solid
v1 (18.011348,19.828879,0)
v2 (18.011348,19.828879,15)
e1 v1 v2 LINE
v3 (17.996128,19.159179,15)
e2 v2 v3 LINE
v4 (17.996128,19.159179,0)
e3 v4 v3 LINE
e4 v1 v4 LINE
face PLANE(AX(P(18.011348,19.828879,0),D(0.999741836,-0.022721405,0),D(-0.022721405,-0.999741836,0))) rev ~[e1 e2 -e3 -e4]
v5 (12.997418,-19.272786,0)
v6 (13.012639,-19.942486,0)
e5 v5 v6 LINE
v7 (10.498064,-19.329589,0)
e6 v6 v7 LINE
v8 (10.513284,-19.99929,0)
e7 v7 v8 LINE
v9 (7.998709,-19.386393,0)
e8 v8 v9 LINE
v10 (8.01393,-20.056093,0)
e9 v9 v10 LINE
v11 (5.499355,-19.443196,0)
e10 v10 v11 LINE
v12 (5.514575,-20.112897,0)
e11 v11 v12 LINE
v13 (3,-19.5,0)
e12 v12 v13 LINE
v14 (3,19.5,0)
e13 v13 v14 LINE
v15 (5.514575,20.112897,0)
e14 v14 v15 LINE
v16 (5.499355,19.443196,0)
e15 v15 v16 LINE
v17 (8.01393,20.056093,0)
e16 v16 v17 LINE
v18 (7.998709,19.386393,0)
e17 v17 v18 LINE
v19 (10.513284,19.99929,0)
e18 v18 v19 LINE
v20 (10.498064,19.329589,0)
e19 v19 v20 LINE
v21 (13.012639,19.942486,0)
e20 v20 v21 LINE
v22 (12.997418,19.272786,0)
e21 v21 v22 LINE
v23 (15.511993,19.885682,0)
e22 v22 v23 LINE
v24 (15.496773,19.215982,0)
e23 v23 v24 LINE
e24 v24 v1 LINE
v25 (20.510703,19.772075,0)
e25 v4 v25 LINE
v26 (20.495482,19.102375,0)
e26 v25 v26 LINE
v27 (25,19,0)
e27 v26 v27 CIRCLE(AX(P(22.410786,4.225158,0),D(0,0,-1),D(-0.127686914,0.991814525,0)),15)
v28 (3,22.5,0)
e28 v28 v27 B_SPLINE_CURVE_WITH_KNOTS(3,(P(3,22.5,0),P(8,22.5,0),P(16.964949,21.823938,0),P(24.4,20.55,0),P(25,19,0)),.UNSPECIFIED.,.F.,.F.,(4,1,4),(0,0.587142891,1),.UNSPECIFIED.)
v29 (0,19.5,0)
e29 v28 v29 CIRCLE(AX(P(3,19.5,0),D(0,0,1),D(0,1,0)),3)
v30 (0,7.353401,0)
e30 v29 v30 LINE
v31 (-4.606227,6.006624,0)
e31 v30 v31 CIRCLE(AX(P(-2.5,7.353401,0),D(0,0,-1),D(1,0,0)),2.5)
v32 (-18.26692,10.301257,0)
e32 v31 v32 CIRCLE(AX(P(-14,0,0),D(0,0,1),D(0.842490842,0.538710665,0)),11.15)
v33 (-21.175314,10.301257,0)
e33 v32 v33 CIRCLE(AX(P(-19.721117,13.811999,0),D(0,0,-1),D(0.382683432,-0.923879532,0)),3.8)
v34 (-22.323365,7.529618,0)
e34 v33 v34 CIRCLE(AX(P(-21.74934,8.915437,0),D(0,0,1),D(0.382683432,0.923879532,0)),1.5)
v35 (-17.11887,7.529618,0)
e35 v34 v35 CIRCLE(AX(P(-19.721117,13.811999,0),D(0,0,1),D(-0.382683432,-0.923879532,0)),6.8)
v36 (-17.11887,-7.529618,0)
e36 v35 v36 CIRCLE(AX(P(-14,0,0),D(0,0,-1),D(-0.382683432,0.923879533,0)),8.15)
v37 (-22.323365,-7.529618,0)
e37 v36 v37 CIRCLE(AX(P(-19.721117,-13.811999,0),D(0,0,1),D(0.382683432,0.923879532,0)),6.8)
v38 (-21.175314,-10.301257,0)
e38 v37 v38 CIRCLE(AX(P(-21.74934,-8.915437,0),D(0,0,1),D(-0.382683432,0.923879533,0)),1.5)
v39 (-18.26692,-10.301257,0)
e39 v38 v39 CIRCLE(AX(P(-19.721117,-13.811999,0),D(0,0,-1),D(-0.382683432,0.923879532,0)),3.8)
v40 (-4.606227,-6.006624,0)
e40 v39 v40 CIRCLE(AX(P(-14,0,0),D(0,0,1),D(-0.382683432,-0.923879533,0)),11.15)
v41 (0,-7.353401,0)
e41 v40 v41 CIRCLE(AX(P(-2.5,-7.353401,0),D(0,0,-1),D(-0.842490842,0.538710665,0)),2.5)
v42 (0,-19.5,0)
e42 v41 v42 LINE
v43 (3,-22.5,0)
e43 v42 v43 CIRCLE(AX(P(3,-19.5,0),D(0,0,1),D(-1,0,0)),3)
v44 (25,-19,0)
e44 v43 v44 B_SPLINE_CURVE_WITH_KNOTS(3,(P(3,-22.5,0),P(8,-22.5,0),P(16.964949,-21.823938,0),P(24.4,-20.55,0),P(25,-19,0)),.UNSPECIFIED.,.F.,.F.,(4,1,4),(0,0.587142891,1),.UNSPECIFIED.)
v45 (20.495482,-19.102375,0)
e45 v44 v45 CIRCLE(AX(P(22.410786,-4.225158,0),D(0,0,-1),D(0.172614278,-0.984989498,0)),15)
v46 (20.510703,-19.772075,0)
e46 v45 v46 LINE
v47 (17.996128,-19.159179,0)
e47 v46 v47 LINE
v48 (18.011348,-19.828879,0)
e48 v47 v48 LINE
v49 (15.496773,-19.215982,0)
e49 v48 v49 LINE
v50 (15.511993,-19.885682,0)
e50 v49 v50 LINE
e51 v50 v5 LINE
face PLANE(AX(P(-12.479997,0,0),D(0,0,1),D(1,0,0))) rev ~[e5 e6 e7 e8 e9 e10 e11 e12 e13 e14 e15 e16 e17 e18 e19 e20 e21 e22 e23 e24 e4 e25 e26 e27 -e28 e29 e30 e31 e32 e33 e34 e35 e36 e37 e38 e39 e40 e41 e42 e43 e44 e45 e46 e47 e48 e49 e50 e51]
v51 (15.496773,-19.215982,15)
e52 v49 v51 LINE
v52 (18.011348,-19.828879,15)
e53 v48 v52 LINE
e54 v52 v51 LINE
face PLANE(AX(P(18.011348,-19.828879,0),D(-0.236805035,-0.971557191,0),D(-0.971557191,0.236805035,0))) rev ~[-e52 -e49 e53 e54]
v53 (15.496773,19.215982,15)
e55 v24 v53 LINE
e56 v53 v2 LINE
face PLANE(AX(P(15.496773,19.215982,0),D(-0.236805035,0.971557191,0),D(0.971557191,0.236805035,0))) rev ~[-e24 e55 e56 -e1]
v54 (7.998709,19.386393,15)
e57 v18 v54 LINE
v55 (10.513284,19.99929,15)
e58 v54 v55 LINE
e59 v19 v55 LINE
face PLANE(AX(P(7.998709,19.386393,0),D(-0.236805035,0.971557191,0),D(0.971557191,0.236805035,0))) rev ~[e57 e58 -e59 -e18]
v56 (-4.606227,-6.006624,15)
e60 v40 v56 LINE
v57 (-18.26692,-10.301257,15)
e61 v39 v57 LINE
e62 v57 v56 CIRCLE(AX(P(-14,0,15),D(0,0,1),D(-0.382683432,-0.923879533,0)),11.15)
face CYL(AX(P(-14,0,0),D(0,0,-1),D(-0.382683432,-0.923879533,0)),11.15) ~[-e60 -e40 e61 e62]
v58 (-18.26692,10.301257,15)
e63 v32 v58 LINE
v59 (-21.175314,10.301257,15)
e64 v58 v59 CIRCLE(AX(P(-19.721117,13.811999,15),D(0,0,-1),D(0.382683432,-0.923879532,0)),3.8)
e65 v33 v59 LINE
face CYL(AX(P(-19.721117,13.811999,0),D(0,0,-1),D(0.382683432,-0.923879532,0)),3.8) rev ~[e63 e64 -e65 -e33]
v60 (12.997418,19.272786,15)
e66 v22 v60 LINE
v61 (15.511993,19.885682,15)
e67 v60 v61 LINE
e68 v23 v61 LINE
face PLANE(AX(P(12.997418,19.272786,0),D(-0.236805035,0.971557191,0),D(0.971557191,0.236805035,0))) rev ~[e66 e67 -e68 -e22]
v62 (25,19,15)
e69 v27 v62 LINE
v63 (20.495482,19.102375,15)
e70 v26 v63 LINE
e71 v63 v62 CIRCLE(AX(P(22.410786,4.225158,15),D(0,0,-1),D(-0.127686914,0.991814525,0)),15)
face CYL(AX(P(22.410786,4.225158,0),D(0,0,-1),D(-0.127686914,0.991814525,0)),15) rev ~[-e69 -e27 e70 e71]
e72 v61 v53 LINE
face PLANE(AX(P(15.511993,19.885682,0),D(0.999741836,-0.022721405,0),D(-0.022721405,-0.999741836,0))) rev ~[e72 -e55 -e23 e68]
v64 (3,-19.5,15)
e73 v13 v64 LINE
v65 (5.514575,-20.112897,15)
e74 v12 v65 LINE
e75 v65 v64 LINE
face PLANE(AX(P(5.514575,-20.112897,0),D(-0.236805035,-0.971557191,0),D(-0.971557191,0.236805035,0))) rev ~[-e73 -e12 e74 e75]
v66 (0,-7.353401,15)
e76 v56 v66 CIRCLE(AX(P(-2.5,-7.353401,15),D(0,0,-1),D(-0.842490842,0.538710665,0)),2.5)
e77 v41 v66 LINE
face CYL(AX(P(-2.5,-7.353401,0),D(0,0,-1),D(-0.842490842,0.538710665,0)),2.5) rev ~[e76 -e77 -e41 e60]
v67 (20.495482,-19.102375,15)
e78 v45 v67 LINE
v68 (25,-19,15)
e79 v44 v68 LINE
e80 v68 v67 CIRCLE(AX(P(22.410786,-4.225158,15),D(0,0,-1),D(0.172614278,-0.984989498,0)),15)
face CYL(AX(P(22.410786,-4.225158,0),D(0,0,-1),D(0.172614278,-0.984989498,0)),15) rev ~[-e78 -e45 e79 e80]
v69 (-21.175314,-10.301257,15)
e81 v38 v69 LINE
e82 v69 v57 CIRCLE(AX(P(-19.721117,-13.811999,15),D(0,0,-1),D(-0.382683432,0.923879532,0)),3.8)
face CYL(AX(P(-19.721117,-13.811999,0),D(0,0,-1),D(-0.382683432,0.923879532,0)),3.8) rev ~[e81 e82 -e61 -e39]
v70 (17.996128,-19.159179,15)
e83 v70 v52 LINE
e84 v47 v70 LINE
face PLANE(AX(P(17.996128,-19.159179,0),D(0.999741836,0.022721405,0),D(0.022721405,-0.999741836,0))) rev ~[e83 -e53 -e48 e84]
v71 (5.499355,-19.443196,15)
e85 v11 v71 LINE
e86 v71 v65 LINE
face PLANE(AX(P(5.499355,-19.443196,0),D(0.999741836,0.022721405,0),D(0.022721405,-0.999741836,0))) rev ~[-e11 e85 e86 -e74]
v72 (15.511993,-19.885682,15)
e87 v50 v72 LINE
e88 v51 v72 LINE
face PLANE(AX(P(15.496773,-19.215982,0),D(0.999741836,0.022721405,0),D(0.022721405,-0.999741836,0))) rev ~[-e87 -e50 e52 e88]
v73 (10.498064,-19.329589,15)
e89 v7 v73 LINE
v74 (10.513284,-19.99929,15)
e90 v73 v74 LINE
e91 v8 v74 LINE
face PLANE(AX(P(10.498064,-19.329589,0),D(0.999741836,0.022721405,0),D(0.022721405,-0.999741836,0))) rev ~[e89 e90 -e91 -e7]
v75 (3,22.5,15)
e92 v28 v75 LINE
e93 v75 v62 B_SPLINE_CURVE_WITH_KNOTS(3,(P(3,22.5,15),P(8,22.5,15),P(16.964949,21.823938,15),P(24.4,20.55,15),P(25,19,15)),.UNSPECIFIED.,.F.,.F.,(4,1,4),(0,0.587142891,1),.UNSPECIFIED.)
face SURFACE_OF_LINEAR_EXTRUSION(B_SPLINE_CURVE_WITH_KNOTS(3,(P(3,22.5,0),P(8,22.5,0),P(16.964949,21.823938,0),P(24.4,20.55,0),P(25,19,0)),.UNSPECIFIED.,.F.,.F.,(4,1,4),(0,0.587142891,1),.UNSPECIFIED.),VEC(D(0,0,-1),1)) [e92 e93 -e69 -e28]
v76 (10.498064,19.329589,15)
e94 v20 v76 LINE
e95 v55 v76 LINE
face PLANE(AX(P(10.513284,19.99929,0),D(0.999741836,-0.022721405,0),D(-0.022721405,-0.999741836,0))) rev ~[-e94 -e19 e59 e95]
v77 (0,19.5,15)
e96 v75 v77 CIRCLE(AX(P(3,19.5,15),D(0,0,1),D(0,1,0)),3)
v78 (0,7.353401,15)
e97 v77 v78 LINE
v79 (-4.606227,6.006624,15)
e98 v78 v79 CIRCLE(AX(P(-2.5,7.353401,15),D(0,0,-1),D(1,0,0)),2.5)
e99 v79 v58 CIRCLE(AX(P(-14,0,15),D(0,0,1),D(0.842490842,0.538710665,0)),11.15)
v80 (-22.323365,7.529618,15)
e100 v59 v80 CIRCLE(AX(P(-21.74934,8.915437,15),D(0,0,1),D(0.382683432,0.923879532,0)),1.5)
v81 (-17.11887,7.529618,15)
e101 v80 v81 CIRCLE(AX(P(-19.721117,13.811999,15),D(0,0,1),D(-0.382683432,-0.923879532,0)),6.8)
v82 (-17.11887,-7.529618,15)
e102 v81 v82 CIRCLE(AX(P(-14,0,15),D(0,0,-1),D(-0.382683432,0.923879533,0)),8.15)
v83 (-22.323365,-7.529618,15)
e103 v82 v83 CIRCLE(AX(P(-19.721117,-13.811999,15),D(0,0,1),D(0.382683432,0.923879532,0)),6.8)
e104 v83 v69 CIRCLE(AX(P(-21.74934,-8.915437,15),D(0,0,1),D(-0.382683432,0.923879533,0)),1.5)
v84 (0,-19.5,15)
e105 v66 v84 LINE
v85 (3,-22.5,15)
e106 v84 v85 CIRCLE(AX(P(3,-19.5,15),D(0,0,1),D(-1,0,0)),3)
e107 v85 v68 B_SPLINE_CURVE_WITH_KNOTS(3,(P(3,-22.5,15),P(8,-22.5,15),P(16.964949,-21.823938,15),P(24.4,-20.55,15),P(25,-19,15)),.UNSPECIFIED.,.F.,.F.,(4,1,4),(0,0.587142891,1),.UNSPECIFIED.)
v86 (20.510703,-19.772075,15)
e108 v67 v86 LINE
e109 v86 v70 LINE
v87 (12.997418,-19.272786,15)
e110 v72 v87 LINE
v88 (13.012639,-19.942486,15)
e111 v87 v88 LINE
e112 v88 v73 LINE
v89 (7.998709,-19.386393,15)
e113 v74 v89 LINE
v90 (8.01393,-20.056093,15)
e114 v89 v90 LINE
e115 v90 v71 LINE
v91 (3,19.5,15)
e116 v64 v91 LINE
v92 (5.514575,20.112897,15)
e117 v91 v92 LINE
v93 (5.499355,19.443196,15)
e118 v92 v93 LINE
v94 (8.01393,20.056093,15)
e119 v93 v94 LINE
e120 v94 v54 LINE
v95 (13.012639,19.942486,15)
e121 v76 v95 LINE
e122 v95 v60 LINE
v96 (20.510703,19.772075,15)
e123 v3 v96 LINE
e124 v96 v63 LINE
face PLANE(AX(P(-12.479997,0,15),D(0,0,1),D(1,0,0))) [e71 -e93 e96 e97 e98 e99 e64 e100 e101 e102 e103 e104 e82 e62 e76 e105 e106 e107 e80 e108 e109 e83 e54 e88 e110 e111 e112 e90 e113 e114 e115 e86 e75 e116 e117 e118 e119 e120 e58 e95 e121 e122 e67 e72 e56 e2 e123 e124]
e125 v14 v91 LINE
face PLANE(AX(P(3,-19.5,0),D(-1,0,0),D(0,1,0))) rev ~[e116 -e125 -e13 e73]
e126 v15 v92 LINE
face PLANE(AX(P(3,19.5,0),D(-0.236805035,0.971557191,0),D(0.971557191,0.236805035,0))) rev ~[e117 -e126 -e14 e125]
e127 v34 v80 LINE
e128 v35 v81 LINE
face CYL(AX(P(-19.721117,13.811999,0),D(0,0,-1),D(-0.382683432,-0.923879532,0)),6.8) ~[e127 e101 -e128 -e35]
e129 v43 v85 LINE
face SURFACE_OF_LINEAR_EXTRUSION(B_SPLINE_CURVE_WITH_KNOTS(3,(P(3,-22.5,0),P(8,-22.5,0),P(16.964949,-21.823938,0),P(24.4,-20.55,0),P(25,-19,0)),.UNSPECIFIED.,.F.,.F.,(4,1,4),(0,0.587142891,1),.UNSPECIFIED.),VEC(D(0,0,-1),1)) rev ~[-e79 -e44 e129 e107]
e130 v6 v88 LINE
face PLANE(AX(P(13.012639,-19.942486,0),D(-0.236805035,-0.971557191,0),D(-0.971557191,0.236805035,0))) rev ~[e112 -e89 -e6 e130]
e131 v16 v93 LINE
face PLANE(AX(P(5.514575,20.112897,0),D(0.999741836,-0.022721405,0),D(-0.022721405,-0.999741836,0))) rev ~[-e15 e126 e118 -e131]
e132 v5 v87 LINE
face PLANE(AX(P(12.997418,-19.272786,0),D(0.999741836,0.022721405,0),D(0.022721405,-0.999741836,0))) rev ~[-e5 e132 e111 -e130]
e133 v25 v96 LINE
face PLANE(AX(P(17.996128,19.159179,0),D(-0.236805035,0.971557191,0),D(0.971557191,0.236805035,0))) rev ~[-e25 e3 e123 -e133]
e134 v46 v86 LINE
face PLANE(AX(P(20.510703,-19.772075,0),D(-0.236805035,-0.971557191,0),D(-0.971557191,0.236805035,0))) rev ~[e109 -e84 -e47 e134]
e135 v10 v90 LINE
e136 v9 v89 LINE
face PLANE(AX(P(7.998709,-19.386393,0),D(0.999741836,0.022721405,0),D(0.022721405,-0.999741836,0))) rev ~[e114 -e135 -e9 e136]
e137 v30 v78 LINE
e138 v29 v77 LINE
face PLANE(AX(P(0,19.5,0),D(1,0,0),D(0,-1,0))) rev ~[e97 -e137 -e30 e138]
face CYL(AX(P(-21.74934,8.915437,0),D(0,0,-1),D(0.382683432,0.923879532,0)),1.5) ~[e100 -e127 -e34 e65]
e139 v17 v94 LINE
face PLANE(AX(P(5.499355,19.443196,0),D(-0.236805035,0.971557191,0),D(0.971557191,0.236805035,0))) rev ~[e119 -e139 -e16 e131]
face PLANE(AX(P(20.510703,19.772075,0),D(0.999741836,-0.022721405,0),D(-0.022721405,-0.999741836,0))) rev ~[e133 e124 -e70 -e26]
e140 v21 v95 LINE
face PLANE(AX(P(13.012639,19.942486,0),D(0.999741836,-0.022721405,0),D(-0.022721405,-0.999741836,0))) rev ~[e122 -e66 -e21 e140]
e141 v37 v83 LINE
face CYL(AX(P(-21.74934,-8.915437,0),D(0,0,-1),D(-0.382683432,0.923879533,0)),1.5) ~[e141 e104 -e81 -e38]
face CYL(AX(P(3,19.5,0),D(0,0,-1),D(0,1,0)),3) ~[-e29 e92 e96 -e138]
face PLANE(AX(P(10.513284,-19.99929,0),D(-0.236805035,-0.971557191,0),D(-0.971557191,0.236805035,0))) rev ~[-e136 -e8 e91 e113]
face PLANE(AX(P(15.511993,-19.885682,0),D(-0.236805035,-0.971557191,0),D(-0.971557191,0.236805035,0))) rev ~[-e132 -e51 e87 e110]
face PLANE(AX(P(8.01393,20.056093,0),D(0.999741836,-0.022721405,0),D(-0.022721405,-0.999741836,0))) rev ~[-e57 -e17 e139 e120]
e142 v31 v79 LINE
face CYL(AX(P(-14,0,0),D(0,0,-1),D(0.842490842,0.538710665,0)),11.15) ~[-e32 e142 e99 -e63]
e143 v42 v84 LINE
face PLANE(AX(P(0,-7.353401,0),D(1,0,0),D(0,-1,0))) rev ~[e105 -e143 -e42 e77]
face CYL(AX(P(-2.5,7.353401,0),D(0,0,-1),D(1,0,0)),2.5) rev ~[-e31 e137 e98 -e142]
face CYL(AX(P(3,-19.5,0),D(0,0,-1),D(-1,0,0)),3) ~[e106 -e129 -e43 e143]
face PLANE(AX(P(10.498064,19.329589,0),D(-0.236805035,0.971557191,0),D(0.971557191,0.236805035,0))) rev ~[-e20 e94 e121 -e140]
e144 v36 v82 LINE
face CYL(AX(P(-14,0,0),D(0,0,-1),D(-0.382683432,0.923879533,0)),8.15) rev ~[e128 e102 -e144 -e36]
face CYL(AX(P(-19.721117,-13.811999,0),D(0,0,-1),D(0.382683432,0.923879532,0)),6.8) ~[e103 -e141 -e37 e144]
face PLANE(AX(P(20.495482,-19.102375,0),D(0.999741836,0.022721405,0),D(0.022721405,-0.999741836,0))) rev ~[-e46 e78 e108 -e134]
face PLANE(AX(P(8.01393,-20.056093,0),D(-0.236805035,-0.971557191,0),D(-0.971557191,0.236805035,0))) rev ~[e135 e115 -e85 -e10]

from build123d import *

# Parameters (mm, degrees)
F1_DEPTH = 15


with BuildPart() as f1:
    # F0 (on Top) → F1 (new body)
    with BuildSketch(Plane.XY):
        with BuildLine():
            ThreePointArc((-17.1188699738, 7.52961819), (-5.85, 0), (-17.1188699738, -7.52961819))
            ThreePointArc((-17.1188699738, -7.52961819), (-19.7211173139, -7.011999011), (-22.3233646539, -7.52961819))
            ThreePointArc((-22.3233646539, -7.52961819), (-23.1351588042, -9.4894626373), (-21.1753143568, -10.3012567875))
            ThreePointArc((-21.1753143568, -10.3012567875), (-19.7211173139, -10.011999011), (-18.2669202709, -10.3012567875))
            ThreePointArc((-18.2669202709, -10.3012567875), (-10.6560319472, -10.6367465732), (-4.6062271062, -6.006623912))
            ThreePointArc((-4.6062271062, -6.006623912), (-2.85, 0), (-4.6062271062, 6.006623912))
            ThreePointArc((-4.6062271062, 6.006623912), (-10.6560319472, 10.6367465732), (-18.2669202709, 10.3012567875))
            ThreePointArc((-18.2669202709, 10.3012567875), (-19.7211173139, 10.011999011), (-21.1753143568, 10.3012567875))
            ThreePointArc((-21.1753143568, 10.3012567875), (-23.1351588042, 9.4894626373), (-22.3233646539, 7.52961819))
            ThreePointArc((-22.3233646539, 7.52961819), (-19.7211173139, 7.011999011), (-17.1188699738, 7.52961819))
        make_face()
        with BuildLine():
            ThreePointArc((-4.6062271062, 6.006623912), (-2.85, 0), (-4.6062271062, -6.006623912))
            ThreePointArc((-4.6062271062, -6.006623912), (-1.7984188449, -4.9538623094), (0, -7.3534005739))
            Line((0, -7.3534005739), (0, 0))
            Line((0, 0), (0, 7.3534005739))
            ThreePointArc((0, 7.3534005739), (-1.7984188449, 4.9538623094), (-4.6062271062, 6.006623912))
        make_face()
        with BuildLine():
            Line((0, 19.5), (0, 7.3534005739))
            Line((0, 7.3534005739), (0, 0))
            Line((0, 0), (3, 0))
            Line((3, 0), (3, 19.5))
            Line((3, 19.5), (5.5145750444, 20.1128965303))
            Line((5.5145750444, 20.1128965303), (5.4993545889, 19.4431964866))
            Line((5.4993545889, 19.4431964866), (8.0139296333, 20.0560930169))
            Line((8.0139296333, 20.0560930169), (7.9987091777, 19.3863929732))
            Line((7.9987091777, 19.3863929732), (10.5132842221, 19.9992895035))
            Line((10.5132842221, 19.9992895035), (10.4980637666, 19.3295894599))
            Line((10.4980637666, 19.3295894599), (13.012638811, 19.9424859902))
            Line((13.012638811, 19.9424859902), (12.9974183554, 19.2727859465))
            Line((12.9974183554, 19.2727859465), (15.5119933999, 19.8856824768))
            Line((15.5119933999, 19.8856824768), (15.4967729443, 19.2159824331))
            Line((15.4967729443, 19.2159824331), (18.0113479887, 19.8288789634))
            Line((18.0113479887, 19.8288789634), (17.9961275332, 19.1591789197))
            Line((17.9961275332, 19.1591789197), (20.5107025776, 19.77207545))
            Line((20.5107025776, 19.77207545), (20.495482122, 19.1023754063))
            ThreePointArc((20.495482122, 19.1023754063), (22.7516069101, 19.2212850643), (25, 19))
            add(Edge.make_bspline(
                [(3, 22.5), (8, 22.5), (16.9649489174, 21.8239376647), (24.4, 20.55), (25, 19)],
                knots=[0, 0, 0, 0, 0.5871428907, 1, 1, 1, 1], degree=3))
            ThreePointArc((3, 22.5), (0.8786796564, 21.6213203436), (0, 19.5))
        make_face()
        with BuildLine():
            Line((0, 0), (0, -7.3534005739))
            Line((0, -7.3534005739), (0, -19.5))
            ThreePointArc((0, -19.5), (0.8786796564, -21.6213203436), (3, -22.5))
            add(Edge.make_bspline(
                [(3, -22.5), (8, -22.5), (16.9649489174, -21.8239376647), (24.4, -20.55), (25, -19)],
                knots=[0, 0, 0, 0, 0.5871428907, 1, 1, 1, 1], degree=3))
            ThreePointArc((25, -19), (22.7516069101, -19.2212850643), (20.495482122, -19.1023754063))
            Line((20.495482122, -19.1023754063), (20.5107025776, -19.77207545))
            Line((20.5107025776, -19.77207545), (17.9961275332, -19.1591789197))
            Line((17.9961275332, -19.1591789197), (18.0113479887, -19.8288789634))
            Line((18.0113479887, -19.8288789634), (15.4967729443, -19.2159824331))
            Line((15.4967729443, -19.2159824331), (15.5119933999, -19.8856824768))
            Line((15.5119933999, -19.8856824768), (12.9974183554, -19.2727859465))
            Line((12.9974183554, -19.2727859465), (13.012638811, -19.9424859902))
            Line((13.012638811, -19.9424859902), (10.4980637666, -19.3295894599))
            Line((10.4980637666, -19.3295894599), (10.5132842221, -19.9992895035))
            Line((10.5132842221, -19.9992895035), (7.9987091777, -19.3863929732))
            Line((7.9987091777, -19.3863929732), (8.0139296333, -20.0560930169))
            Line((8.0139296333, -20.0560930169), (5.4993545889, -19.4431964866))
            Line((5.4993545889, -19.4431964866), (5.5145750444, -20.1128965303))
            Line((5.5145750444, -20.1128965303), (3, -19.5))
            Line((3, -19.5), (3, 0))
            Line((3, 0), (0, 0))
        make_face()
    extrude(amount=F1_DEPTH)


solid = f1.part
